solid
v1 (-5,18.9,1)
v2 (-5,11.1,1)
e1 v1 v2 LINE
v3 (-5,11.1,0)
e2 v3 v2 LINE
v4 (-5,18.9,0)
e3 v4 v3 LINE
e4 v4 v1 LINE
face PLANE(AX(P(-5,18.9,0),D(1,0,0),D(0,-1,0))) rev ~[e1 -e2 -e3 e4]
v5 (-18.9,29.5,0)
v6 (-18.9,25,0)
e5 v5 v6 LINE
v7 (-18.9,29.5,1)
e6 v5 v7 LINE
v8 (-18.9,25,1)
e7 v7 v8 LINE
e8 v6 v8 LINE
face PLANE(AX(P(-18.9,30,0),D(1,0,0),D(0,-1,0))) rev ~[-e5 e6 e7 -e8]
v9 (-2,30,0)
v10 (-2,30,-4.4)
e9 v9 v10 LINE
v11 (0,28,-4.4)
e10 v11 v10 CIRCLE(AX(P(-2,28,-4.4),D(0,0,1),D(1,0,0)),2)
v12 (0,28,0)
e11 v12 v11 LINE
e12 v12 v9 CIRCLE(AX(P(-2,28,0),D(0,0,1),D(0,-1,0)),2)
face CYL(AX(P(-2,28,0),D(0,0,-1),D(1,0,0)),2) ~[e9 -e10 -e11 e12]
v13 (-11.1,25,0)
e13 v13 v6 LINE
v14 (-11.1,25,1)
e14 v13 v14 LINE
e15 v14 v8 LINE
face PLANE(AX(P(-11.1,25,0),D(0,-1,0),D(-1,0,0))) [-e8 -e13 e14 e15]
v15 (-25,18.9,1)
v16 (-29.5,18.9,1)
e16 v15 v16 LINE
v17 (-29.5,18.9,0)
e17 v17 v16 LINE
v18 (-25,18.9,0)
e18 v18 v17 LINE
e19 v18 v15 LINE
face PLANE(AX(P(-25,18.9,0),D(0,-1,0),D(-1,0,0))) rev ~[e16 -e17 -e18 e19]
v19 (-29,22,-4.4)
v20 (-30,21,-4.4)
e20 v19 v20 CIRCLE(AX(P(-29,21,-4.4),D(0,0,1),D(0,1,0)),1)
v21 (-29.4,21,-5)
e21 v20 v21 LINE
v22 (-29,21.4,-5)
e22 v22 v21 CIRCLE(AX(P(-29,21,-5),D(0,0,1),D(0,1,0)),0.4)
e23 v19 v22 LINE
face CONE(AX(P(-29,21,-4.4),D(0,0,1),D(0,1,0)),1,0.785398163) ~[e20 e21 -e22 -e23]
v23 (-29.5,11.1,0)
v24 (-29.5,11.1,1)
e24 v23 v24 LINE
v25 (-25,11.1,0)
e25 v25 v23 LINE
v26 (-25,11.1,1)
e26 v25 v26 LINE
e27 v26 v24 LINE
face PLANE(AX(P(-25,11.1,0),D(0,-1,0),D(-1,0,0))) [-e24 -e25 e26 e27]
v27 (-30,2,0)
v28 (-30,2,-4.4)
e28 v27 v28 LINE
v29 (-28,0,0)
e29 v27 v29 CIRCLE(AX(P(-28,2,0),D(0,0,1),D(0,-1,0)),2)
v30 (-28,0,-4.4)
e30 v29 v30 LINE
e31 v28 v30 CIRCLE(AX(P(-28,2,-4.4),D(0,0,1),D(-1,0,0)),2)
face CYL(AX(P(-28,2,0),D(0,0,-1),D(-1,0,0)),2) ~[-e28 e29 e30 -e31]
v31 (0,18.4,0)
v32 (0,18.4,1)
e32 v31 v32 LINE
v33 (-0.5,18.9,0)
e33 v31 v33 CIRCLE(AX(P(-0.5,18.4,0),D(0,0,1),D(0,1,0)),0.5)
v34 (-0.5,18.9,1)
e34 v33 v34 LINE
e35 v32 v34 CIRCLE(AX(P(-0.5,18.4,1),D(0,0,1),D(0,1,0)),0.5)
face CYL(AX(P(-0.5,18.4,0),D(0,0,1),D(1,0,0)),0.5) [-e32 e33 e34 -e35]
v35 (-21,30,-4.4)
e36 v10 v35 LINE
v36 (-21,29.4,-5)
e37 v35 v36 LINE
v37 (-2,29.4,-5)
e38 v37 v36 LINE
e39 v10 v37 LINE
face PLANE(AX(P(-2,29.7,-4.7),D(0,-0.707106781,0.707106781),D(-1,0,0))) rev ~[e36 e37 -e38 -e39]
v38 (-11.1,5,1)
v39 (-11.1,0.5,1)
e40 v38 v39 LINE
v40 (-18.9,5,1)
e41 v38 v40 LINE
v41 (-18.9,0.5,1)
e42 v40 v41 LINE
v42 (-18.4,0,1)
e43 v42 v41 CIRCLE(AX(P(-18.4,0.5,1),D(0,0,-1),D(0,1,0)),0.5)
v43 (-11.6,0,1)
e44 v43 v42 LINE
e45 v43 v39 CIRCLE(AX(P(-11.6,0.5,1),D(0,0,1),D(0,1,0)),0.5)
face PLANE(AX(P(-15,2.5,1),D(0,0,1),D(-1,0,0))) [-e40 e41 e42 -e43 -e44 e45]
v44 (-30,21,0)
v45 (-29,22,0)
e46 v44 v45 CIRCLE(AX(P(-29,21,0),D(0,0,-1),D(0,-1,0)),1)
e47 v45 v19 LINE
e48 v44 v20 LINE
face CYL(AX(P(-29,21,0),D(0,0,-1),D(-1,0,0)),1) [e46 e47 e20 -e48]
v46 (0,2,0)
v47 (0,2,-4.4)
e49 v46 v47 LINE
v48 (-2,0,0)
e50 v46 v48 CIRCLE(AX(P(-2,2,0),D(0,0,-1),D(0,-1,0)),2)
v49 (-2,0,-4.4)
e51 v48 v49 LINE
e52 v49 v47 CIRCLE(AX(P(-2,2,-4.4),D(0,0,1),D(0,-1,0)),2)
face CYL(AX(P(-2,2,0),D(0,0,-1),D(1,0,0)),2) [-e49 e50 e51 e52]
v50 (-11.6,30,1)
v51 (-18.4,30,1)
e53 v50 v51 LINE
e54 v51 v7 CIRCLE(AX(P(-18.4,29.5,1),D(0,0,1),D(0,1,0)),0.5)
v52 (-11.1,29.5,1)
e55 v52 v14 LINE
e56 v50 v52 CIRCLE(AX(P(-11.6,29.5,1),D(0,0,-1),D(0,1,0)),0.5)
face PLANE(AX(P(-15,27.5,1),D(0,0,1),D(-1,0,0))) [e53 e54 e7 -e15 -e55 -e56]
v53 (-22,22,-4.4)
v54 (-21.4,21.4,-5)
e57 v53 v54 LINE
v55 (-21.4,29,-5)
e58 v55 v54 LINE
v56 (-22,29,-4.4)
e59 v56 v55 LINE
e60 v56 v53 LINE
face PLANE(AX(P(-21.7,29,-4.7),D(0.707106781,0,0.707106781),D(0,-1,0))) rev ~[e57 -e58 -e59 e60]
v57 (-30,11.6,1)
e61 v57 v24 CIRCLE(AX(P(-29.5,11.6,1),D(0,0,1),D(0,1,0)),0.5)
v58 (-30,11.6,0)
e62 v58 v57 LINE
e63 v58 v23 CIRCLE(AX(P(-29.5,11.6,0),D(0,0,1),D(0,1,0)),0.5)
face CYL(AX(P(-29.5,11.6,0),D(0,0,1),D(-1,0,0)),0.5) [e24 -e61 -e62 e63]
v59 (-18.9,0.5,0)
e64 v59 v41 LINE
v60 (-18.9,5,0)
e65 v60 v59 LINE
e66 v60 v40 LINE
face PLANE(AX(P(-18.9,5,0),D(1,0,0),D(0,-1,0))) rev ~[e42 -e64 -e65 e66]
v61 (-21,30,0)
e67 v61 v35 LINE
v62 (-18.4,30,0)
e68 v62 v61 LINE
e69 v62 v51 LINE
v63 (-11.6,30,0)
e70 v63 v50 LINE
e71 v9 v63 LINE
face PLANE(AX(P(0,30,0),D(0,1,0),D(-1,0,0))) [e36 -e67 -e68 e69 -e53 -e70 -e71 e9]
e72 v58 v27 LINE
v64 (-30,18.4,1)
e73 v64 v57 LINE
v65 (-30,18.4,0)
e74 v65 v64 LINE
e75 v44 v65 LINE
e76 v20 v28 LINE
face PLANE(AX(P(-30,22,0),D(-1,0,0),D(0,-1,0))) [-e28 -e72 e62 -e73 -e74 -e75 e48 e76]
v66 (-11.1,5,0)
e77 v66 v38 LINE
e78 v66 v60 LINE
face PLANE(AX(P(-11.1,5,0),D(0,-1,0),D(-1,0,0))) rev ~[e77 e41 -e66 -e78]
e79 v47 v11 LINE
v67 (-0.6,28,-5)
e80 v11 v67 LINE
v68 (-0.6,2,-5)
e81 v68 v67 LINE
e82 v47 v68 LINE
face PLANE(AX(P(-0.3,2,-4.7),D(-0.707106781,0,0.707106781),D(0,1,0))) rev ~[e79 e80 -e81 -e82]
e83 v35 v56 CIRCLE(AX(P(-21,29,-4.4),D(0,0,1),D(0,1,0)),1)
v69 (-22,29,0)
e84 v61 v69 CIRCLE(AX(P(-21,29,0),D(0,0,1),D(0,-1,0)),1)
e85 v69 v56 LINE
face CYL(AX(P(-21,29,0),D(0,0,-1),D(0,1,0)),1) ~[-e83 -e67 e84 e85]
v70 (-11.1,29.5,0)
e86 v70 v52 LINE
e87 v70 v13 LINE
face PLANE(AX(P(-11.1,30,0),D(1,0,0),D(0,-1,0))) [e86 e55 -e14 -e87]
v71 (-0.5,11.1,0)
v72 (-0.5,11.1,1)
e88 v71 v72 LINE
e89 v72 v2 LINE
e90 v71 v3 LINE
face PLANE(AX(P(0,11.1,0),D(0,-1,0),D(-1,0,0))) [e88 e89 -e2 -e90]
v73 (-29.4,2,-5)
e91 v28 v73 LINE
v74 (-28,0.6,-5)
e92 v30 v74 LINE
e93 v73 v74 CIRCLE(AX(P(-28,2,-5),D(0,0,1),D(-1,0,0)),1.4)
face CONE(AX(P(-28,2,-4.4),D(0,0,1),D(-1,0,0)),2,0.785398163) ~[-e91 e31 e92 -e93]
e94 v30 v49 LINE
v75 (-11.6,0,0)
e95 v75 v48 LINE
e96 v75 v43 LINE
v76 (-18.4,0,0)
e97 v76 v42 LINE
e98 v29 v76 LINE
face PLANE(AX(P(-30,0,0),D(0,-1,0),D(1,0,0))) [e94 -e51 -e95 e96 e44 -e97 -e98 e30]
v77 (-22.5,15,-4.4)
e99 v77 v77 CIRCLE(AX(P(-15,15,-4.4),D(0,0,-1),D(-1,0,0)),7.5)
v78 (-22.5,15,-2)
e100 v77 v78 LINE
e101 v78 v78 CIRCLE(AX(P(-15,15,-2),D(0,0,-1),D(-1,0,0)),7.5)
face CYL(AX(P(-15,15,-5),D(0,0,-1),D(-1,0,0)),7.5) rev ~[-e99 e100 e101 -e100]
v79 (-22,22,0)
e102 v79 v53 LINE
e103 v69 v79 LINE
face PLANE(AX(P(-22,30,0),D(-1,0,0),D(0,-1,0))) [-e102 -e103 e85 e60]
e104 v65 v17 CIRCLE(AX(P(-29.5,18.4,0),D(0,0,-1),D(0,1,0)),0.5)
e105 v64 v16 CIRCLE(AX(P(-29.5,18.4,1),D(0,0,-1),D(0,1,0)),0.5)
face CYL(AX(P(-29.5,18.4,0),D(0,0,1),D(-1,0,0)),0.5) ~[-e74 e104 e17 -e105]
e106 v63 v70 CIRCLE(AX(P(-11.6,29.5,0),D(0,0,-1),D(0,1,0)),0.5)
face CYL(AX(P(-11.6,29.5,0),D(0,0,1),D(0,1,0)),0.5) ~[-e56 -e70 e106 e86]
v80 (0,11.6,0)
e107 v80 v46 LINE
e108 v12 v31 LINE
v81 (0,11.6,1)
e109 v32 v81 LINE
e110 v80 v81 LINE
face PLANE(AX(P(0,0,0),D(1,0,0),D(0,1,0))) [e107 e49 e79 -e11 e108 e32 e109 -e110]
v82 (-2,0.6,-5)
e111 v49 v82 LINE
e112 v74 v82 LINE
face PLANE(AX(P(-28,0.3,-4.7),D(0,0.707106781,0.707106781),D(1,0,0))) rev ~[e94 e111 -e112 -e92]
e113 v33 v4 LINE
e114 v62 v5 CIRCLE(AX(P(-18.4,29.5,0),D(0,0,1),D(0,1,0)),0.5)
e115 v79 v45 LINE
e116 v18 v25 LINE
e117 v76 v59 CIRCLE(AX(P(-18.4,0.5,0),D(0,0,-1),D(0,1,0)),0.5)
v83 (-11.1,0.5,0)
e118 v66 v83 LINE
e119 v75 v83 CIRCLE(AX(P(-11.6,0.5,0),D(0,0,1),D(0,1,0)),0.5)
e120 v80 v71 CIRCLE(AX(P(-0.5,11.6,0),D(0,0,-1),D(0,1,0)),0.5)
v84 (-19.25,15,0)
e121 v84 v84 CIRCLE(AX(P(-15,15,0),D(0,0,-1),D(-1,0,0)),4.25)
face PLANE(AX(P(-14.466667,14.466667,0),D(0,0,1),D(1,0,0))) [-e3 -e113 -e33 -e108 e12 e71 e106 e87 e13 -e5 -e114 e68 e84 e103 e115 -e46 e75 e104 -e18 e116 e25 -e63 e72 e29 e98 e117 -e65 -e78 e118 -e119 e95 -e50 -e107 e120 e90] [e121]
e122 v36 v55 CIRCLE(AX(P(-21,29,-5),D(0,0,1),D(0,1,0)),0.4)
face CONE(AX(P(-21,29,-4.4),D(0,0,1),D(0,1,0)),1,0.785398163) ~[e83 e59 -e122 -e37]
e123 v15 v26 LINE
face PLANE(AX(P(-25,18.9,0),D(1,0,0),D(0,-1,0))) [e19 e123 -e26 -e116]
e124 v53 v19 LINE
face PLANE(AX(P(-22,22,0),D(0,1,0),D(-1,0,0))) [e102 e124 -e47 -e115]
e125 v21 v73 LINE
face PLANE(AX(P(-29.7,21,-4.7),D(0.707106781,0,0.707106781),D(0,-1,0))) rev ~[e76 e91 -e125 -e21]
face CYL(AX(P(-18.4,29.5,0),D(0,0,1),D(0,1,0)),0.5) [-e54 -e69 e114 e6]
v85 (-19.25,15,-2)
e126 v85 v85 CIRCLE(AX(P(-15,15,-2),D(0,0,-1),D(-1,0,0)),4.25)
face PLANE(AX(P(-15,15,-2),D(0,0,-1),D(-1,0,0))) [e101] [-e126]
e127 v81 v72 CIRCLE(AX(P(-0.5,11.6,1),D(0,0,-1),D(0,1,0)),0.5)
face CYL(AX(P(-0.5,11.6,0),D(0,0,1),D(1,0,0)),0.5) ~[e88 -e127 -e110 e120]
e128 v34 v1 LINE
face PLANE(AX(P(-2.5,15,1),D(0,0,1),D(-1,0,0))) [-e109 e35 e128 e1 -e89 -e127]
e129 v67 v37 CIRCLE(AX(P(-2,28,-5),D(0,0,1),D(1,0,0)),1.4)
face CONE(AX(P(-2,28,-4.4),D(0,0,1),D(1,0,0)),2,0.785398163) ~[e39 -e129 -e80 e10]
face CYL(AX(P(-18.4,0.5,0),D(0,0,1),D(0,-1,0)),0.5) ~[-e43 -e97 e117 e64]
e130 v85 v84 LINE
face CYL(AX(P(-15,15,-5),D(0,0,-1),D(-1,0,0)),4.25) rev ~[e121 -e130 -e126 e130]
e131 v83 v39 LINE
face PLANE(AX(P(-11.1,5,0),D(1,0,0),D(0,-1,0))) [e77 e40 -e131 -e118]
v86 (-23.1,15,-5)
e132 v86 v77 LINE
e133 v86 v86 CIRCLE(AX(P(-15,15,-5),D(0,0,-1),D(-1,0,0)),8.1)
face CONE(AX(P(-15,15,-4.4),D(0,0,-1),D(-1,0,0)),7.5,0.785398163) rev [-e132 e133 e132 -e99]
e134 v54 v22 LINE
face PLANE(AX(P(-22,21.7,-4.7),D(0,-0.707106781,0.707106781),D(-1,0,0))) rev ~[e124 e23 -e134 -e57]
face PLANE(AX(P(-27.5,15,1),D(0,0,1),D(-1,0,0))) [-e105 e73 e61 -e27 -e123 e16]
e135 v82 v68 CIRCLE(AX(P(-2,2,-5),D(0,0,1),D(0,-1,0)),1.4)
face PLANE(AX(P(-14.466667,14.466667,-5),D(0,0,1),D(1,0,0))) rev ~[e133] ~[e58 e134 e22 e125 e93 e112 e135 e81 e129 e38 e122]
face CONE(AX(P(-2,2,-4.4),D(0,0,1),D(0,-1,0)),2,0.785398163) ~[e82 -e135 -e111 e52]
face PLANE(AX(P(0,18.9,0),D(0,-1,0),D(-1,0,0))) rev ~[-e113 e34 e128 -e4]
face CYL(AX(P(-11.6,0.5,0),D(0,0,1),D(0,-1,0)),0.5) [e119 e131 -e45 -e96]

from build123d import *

# Parameters (mm, degrees)
PAD_DEPTH            = 5
SKETCH001_R          = 4.25
POCKET_DEPTH         = 5.001
SKETCH002_R          = 7.5
POCKET001_DEPTH      = 3
SKETCH003_W          = 7.8
SKETCH003_H          = 5
SKETCH003_W_2        = 5
SKETCH003_H_2        = 7.8
PAD001_DEPTH         = 1
FILLET_R             = 0.5
FILLET001_R          = 2
FILLET002_R          = 1
CHAMFER_SIZE         = 0.6
BODY_PLACEMENT_ANGLE = 180


with BuildPart() as part:
    # Sketch → Pad (new body)
    with BuildSketch(Plane.XY):
        Polygon((0, 0), (0, 30), (22, 30), (22, 22), (30, 22), (30, 0), align=None)
    extrude(amount=PAD_DEPTH)

    # Sketch001 (on Face8 of Pad) → Pocket (cut, through all)
    with BuildSketch(Plane.XY.offset(5)):
        with Locations((15, 15)):
            Circle(SKETCH001_R)
    extrude(amount=-POCKET_DEPTH, mode=Mode.SUBTRACT)

    # Sketch002 (on Face5 of Pocket) → Pocket001 (cut)
    with BuildSketch(Plane.XY.offset(5)):
        with Locations((15, 15)):
            Circle(SKETCH002_R)
    extrude(amount=-POCKET001_DEPTH, mode=Mode.SUBTRACT)

    # Sketch003 (on Face4 of Pocket001) → Pad001 (join)
    with BuildSketch(Plane(origin=(0, 0, 0), x_dir=(1, 0, 0), z_dir=(0, 0, -1))):
        with Locations((15, -2.5)):
            Rectangle(SKETCH003_W, SKETCH003_H)
        with Locations((15, -27.5)):
            Rectangle(SKETCH003_W, SKETCH003_H)
        with Locations((2.5, -15)):
            Rectangle(SKETCH003_W_2, SKETCH003_H_2)
        with Locations((27.5, -15)):
            Rectangle(SKETCH003_W_2, SKETCH003_H_2)
    extrude(amount=PAD001_DEPTH)

    # Fillet
    fillet_edges = [part.edges().sort_by_distance(p)[0] for p in [
        (18.9, 0, -0.5),
        (11.1, 0, -0.5),
        (0, 11.1, -0.5),
        (0, 18.9, -0.5),
        (11.1, 30, -0.5),
        (18.9, 30, -0.5),
        (30, 18.9, -0.5),
        (30, 11.1, -0.5),
    ]]
    fillet(fillet_edges, radius=FILLET_R)

    # Fillet001
    fillet001_edges = [part.edges().sort_by_distance(p)[0] for p in [
        (0, 30, 2.5),
        (0, 0, 2.5),
        (30, 0, 2.5),
    ]]
    fillet(fillet001_edges, radius=FILLET001_R)

    # Fillet002
    fillet002_edges = [part.edges().sort_by_distance(p)[0] for p in [
        (22, 30, 2.5),
        (30, 22, 2.5),
    ]]
    fillet(fillet002_edges, radius=FILLET002_R)

    # Chamfer
    chamfer_edges = [part.edges().sort_by_distance(p)[0] for p in [
        (11.5, 30, 5),
        (21.707107, 29.707107, 5),
        (0.585786, 29.414214, 5),
        (22, 25.5, 5),
        (0, 15, 5),
        (25.5, 22, 5),
        (0.585786, 0.585786, 5),
        (29.707107, 21.707107, 5),
        (15, 0, 5),
        (30, 11.5, 5),
        (29.414214, 0.585786, 5),
        (7.5, 15, 5),
    ]]
    chamfer(chamfer_edges, length=CHAMFER_SIZE)


with BuildPart() as part_1:
    # Body placement: moved
    add(part.part.rotate(Axis((0, 0, 0), (0, 1, 0)), BODY_PLACEMENT_ANGLE))


solid = part_1.part
